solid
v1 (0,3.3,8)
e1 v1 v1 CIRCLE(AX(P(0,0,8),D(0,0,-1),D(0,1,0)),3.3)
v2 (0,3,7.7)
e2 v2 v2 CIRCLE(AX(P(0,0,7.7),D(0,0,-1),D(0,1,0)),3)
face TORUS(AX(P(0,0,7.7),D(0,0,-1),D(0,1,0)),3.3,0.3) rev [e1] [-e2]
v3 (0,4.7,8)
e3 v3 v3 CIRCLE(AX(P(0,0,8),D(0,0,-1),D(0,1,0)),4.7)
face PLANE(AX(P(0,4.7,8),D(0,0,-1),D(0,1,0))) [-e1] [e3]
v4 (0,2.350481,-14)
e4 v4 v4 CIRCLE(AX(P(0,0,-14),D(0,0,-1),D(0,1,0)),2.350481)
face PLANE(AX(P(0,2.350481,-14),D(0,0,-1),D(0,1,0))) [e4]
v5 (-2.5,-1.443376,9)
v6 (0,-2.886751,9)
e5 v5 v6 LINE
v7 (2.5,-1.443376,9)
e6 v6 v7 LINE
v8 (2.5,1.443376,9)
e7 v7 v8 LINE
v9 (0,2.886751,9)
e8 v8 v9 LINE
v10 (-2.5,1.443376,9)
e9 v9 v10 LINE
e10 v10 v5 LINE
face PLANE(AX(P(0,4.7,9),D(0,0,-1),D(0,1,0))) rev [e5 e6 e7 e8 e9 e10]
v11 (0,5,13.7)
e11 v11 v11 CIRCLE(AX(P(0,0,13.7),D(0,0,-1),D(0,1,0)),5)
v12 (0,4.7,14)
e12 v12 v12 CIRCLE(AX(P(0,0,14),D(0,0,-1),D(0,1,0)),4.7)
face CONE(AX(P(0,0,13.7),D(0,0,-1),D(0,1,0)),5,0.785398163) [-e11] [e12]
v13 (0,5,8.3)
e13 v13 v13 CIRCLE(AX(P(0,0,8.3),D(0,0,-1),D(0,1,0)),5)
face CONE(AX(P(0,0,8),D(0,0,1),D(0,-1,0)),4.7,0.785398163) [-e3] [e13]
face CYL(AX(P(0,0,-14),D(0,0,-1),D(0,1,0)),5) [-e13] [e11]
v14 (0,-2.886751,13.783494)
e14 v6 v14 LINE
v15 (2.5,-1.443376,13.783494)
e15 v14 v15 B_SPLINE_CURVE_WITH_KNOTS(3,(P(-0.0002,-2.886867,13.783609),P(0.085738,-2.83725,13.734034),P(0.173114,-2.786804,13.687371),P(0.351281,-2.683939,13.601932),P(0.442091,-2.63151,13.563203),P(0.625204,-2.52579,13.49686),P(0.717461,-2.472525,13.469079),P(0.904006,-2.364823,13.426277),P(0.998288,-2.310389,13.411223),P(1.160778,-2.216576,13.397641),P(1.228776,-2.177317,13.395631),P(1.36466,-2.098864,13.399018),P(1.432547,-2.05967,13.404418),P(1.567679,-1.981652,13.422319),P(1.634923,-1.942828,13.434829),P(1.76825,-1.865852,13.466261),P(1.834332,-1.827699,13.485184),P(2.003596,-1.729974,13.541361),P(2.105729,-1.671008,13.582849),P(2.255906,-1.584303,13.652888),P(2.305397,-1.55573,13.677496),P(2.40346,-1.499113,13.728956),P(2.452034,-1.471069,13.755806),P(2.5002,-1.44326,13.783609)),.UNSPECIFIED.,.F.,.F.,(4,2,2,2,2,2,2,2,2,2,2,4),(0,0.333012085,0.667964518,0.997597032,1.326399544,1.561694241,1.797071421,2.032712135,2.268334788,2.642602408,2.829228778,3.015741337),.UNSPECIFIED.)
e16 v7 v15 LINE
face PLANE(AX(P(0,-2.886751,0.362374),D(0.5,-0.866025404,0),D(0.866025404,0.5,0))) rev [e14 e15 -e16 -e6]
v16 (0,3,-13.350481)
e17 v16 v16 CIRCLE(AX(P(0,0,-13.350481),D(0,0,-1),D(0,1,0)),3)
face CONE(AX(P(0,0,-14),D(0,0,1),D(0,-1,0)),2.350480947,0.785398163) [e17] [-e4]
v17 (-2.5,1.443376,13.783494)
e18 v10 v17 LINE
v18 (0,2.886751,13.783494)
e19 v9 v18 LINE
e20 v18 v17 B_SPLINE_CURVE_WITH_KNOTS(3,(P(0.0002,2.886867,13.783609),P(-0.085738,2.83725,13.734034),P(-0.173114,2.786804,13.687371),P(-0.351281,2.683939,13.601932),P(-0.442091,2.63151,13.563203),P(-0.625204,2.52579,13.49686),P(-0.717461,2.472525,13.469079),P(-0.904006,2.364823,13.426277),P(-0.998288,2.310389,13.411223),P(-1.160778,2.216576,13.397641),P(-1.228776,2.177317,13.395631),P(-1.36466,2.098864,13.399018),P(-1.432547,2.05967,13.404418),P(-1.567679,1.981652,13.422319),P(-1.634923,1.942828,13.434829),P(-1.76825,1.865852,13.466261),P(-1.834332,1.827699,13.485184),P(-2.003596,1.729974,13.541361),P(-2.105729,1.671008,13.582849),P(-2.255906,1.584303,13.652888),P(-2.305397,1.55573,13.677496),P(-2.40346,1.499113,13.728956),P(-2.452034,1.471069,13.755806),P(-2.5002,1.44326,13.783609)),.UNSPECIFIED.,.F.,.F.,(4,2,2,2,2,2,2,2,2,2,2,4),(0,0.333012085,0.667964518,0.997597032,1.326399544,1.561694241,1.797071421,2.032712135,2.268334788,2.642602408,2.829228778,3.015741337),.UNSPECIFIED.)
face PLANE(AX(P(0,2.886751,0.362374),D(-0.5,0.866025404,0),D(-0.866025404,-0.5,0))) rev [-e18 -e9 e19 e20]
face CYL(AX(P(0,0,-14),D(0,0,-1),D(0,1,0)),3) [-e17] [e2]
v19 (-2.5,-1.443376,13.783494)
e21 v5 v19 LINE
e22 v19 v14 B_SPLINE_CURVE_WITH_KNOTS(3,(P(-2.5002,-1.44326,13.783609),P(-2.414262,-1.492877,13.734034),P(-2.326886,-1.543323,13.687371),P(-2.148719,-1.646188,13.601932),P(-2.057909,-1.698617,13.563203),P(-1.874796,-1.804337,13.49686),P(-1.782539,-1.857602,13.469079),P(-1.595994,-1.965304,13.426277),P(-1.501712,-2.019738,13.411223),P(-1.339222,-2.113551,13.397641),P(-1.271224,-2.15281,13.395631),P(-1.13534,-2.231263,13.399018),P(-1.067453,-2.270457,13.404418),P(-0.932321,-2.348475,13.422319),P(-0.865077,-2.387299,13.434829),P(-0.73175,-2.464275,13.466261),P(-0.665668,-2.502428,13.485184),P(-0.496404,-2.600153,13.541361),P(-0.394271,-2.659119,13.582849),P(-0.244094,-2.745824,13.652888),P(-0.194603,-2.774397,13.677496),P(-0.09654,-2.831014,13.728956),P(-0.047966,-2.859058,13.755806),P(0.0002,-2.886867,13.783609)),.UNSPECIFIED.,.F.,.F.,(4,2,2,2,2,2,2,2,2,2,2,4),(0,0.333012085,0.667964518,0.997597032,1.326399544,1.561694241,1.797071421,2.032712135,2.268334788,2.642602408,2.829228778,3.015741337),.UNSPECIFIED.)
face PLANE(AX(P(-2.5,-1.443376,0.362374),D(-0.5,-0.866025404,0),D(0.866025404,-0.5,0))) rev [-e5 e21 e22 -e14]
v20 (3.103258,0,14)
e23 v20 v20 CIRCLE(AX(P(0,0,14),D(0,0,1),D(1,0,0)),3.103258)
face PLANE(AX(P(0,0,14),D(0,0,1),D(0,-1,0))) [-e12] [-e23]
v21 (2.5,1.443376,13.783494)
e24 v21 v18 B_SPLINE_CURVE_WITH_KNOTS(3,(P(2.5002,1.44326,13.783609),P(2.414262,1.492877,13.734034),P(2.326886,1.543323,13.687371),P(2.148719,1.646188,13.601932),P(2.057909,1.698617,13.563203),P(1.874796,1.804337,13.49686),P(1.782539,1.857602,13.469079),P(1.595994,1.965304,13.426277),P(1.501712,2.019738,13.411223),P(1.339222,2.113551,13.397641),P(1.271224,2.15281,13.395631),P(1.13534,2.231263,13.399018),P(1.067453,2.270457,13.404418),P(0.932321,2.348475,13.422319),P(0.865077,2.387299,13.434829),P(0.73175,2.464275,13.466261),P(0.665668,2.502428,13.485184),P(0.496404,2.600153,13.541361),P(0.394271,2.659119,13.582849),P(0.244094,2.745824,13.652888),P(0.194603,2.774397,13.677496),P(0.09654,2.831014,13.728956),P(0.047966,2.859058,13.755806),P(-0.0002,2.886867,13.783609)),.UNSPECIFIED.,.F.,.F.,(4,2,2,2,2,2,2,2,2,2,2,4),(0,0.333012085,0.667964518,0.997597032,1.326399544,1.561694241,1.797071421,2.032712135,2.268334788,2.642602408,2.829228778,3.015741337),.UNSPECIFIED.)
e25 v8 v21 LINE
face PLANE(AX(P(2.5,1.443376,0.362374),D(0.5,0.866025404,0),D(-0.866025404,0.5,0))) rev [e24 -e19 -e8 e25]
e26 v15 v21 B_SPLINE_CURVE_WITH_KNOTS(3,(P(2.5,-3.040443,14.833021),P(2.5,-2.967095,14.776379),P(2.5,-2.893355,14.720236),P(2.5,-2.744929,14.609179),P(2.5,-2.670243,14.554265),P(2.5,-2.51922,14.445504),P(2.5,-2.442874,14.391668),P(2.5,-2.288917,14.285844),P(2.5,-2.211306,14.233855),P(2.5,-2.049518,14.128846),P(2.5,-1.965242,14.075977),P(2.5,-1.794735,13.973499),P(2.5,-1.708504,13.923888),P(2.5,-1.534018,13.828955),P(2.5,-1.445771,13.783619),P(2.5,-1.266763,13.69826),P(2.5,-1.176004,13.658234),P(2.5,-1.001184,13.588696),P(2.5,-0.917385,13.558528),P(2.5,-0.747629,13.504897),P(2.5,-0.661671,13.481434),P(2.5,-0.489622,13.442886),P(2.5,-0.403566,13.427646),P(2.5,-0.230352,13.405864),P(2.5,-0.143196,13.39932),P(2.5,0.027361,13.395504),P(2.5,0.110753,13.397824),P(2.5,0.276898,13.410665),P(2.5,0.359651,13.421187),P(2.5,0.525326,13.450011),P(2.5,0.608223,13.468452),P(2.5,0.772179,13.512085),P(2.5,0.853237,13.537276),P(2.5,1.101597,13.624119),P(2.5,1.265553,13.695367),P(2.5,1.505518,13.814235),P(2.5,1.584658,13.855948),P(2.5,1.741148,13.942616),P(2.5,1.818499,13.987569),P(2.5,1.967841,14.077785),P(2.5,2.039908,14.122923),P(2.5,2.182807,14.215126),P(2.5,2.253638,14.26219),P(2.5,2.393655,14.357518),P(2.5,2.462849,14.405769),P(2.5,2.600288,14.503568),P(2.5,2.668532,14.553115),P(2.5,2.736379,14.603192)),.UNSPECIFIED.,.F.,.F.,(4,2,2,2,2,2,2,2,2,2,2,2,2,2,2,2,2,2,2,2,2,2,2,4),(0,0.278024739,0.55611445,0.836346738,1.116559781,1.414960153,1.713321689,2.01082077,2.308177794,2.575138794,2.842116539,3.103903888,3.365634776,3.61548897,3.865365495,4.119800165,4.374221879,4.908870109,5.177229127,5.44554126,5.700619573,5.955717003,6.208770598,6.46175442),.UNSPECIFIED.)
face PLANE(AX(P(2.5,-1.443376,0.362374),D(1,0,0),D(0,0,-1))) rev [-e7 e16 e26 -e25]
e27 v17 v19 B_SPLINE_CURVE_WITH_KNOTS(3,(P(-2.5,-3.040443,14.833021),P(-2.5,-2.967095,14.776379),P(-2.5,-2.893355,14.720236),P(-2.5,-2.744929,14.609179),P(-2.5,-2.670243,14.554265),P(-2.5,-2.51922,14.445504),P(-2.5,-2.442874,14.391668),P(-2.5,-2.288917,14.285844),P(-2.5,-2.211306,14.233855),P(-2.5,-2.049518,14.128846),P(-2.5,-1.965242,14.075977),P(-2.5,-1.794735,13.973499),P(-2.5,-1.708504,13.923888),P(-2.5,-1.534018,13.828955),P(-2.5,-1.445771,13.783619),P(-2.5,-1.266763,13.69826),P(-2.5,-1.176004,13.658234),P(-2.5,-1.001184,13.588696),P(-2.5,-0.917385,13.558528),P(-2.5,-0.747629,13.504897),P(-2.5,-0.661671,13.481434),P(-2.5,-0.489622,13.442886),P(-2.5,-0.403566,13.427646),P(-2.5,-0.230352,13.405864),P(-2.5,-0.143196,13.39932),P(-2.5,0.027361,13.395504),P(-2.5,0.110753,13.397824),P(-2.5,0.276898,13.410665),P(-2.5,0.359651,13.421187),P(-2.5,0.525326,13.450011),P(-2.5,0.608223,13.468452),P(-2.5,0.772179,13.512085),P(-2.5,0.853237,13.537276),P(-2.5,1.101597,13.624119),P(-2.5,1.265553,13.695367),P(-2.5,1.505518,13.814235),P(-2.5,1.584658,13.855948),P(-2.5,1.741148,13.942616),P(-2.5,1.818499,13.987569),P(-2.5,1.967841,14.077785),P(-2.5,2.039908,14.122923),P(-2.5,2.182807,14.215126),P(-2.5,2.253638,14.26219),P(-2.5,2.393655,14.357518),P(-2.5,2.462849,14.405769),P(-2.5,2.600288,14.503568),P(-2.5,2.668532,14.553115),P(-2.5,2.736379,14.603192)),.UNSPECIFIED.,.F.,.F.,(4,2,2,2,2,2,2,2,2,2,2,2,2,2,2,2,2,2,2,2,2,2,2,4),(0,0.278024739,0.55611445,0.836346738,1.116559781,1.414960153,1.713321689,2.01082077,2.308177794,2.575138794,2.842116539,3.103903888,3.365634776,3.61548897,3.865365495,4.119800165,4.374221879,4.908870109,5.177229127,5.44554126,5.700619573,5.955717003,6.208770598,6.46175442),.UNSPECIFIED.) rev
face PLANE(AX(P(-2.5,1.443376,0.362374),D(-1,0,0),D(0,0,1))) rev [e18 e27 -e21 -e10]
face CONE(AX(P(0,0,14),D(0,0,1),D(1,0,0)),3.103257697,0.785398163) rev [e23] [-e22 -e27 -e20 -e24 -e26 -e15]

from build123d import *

# Parameters (mm, degrees)
CUT_EXTRUDE1_DEPTH = 5
SKETCH4_R          = 3.103257697
CUT_EXTRUDE2_DEPTH = 5
CUT_EXTRUDE2_DRAFT = -45


with BuildPart() as part:
    # Sketch2 → Revolve1 (revolve)
    with BuildSketch(Plane(origin=(0, 0, 0), x_dir=(0, 0, -1), z_dir=(1, 0, 0))):
        with BuildLine():
            Line((-14, 0), (-14, 4.7))
            Line((-14, 4.7), (-13.7, 5))
            Line((-13.7, 5), (-8.3, 5))
            Line((-8.3, 5), (-8, 4.7))
            Line((-8, 4.7), (-8, 3.3))
            ThreePointArc((-8, 3.3), (-7.912132034, 3.087867966), (-7.7, 3))
            Line((-7.7, 3), (13.350480947, 3))
            Line((13.350480947, 3), (14, 2.350480947))
            Line((14, 2.350480947), (14, 0))
            Line((14, 0), (-14, 0))
        make_face()
    revolve(axis=Axis((0, 0, -14), (0, 0, 1)))

    # Sketch3 → Cut-Extrude1 (cut)
    with BuildSketch(Plane.XY.offset(14)):
        Polygon((2.5, -1.443375673), (2.5, 1.443375673), (0, 2.886751346), (-2.5, 1.443375673), (-2.5, -1.443375673), (0, -2.886751346), align=None)
    extrude(amount=-CUT_EXTRUDE1_DEPTH, mode=Mode.SUBTRACT)


with BuildPart() as cut_extrude2_tool:
    # Sketch4 → Cut-Extrude2 (with draft: the straight prism first)
    with BuildSketch(Plane.XY.offset(14)):
        Circle(SKETCH4_R)
    extrude(amount=-CUT_EXTRUDE2_DEPTH)
    # Cut-Extrude2: the draft: its side faces are tilted about the plane it starts from
    cut_extrude2_sides = [cut_extrude2_tool.faces().sort_by_distance(p)[0] for p in [
        (-3.103257697, 0, 11.5),
    ]]
    draft(cut_extrude2_sides, Plane.XY.offset(14), CUT_EXTRUDE2_DRAFT)


with BuildPart() as part_1:
    add(part.part)

    # Cut-Extrude2: cut by cut_extrude2_tool
    add(cut_extrude2_tool.part, mode=Mode.SUBTRACT)


solid = part_1.part
